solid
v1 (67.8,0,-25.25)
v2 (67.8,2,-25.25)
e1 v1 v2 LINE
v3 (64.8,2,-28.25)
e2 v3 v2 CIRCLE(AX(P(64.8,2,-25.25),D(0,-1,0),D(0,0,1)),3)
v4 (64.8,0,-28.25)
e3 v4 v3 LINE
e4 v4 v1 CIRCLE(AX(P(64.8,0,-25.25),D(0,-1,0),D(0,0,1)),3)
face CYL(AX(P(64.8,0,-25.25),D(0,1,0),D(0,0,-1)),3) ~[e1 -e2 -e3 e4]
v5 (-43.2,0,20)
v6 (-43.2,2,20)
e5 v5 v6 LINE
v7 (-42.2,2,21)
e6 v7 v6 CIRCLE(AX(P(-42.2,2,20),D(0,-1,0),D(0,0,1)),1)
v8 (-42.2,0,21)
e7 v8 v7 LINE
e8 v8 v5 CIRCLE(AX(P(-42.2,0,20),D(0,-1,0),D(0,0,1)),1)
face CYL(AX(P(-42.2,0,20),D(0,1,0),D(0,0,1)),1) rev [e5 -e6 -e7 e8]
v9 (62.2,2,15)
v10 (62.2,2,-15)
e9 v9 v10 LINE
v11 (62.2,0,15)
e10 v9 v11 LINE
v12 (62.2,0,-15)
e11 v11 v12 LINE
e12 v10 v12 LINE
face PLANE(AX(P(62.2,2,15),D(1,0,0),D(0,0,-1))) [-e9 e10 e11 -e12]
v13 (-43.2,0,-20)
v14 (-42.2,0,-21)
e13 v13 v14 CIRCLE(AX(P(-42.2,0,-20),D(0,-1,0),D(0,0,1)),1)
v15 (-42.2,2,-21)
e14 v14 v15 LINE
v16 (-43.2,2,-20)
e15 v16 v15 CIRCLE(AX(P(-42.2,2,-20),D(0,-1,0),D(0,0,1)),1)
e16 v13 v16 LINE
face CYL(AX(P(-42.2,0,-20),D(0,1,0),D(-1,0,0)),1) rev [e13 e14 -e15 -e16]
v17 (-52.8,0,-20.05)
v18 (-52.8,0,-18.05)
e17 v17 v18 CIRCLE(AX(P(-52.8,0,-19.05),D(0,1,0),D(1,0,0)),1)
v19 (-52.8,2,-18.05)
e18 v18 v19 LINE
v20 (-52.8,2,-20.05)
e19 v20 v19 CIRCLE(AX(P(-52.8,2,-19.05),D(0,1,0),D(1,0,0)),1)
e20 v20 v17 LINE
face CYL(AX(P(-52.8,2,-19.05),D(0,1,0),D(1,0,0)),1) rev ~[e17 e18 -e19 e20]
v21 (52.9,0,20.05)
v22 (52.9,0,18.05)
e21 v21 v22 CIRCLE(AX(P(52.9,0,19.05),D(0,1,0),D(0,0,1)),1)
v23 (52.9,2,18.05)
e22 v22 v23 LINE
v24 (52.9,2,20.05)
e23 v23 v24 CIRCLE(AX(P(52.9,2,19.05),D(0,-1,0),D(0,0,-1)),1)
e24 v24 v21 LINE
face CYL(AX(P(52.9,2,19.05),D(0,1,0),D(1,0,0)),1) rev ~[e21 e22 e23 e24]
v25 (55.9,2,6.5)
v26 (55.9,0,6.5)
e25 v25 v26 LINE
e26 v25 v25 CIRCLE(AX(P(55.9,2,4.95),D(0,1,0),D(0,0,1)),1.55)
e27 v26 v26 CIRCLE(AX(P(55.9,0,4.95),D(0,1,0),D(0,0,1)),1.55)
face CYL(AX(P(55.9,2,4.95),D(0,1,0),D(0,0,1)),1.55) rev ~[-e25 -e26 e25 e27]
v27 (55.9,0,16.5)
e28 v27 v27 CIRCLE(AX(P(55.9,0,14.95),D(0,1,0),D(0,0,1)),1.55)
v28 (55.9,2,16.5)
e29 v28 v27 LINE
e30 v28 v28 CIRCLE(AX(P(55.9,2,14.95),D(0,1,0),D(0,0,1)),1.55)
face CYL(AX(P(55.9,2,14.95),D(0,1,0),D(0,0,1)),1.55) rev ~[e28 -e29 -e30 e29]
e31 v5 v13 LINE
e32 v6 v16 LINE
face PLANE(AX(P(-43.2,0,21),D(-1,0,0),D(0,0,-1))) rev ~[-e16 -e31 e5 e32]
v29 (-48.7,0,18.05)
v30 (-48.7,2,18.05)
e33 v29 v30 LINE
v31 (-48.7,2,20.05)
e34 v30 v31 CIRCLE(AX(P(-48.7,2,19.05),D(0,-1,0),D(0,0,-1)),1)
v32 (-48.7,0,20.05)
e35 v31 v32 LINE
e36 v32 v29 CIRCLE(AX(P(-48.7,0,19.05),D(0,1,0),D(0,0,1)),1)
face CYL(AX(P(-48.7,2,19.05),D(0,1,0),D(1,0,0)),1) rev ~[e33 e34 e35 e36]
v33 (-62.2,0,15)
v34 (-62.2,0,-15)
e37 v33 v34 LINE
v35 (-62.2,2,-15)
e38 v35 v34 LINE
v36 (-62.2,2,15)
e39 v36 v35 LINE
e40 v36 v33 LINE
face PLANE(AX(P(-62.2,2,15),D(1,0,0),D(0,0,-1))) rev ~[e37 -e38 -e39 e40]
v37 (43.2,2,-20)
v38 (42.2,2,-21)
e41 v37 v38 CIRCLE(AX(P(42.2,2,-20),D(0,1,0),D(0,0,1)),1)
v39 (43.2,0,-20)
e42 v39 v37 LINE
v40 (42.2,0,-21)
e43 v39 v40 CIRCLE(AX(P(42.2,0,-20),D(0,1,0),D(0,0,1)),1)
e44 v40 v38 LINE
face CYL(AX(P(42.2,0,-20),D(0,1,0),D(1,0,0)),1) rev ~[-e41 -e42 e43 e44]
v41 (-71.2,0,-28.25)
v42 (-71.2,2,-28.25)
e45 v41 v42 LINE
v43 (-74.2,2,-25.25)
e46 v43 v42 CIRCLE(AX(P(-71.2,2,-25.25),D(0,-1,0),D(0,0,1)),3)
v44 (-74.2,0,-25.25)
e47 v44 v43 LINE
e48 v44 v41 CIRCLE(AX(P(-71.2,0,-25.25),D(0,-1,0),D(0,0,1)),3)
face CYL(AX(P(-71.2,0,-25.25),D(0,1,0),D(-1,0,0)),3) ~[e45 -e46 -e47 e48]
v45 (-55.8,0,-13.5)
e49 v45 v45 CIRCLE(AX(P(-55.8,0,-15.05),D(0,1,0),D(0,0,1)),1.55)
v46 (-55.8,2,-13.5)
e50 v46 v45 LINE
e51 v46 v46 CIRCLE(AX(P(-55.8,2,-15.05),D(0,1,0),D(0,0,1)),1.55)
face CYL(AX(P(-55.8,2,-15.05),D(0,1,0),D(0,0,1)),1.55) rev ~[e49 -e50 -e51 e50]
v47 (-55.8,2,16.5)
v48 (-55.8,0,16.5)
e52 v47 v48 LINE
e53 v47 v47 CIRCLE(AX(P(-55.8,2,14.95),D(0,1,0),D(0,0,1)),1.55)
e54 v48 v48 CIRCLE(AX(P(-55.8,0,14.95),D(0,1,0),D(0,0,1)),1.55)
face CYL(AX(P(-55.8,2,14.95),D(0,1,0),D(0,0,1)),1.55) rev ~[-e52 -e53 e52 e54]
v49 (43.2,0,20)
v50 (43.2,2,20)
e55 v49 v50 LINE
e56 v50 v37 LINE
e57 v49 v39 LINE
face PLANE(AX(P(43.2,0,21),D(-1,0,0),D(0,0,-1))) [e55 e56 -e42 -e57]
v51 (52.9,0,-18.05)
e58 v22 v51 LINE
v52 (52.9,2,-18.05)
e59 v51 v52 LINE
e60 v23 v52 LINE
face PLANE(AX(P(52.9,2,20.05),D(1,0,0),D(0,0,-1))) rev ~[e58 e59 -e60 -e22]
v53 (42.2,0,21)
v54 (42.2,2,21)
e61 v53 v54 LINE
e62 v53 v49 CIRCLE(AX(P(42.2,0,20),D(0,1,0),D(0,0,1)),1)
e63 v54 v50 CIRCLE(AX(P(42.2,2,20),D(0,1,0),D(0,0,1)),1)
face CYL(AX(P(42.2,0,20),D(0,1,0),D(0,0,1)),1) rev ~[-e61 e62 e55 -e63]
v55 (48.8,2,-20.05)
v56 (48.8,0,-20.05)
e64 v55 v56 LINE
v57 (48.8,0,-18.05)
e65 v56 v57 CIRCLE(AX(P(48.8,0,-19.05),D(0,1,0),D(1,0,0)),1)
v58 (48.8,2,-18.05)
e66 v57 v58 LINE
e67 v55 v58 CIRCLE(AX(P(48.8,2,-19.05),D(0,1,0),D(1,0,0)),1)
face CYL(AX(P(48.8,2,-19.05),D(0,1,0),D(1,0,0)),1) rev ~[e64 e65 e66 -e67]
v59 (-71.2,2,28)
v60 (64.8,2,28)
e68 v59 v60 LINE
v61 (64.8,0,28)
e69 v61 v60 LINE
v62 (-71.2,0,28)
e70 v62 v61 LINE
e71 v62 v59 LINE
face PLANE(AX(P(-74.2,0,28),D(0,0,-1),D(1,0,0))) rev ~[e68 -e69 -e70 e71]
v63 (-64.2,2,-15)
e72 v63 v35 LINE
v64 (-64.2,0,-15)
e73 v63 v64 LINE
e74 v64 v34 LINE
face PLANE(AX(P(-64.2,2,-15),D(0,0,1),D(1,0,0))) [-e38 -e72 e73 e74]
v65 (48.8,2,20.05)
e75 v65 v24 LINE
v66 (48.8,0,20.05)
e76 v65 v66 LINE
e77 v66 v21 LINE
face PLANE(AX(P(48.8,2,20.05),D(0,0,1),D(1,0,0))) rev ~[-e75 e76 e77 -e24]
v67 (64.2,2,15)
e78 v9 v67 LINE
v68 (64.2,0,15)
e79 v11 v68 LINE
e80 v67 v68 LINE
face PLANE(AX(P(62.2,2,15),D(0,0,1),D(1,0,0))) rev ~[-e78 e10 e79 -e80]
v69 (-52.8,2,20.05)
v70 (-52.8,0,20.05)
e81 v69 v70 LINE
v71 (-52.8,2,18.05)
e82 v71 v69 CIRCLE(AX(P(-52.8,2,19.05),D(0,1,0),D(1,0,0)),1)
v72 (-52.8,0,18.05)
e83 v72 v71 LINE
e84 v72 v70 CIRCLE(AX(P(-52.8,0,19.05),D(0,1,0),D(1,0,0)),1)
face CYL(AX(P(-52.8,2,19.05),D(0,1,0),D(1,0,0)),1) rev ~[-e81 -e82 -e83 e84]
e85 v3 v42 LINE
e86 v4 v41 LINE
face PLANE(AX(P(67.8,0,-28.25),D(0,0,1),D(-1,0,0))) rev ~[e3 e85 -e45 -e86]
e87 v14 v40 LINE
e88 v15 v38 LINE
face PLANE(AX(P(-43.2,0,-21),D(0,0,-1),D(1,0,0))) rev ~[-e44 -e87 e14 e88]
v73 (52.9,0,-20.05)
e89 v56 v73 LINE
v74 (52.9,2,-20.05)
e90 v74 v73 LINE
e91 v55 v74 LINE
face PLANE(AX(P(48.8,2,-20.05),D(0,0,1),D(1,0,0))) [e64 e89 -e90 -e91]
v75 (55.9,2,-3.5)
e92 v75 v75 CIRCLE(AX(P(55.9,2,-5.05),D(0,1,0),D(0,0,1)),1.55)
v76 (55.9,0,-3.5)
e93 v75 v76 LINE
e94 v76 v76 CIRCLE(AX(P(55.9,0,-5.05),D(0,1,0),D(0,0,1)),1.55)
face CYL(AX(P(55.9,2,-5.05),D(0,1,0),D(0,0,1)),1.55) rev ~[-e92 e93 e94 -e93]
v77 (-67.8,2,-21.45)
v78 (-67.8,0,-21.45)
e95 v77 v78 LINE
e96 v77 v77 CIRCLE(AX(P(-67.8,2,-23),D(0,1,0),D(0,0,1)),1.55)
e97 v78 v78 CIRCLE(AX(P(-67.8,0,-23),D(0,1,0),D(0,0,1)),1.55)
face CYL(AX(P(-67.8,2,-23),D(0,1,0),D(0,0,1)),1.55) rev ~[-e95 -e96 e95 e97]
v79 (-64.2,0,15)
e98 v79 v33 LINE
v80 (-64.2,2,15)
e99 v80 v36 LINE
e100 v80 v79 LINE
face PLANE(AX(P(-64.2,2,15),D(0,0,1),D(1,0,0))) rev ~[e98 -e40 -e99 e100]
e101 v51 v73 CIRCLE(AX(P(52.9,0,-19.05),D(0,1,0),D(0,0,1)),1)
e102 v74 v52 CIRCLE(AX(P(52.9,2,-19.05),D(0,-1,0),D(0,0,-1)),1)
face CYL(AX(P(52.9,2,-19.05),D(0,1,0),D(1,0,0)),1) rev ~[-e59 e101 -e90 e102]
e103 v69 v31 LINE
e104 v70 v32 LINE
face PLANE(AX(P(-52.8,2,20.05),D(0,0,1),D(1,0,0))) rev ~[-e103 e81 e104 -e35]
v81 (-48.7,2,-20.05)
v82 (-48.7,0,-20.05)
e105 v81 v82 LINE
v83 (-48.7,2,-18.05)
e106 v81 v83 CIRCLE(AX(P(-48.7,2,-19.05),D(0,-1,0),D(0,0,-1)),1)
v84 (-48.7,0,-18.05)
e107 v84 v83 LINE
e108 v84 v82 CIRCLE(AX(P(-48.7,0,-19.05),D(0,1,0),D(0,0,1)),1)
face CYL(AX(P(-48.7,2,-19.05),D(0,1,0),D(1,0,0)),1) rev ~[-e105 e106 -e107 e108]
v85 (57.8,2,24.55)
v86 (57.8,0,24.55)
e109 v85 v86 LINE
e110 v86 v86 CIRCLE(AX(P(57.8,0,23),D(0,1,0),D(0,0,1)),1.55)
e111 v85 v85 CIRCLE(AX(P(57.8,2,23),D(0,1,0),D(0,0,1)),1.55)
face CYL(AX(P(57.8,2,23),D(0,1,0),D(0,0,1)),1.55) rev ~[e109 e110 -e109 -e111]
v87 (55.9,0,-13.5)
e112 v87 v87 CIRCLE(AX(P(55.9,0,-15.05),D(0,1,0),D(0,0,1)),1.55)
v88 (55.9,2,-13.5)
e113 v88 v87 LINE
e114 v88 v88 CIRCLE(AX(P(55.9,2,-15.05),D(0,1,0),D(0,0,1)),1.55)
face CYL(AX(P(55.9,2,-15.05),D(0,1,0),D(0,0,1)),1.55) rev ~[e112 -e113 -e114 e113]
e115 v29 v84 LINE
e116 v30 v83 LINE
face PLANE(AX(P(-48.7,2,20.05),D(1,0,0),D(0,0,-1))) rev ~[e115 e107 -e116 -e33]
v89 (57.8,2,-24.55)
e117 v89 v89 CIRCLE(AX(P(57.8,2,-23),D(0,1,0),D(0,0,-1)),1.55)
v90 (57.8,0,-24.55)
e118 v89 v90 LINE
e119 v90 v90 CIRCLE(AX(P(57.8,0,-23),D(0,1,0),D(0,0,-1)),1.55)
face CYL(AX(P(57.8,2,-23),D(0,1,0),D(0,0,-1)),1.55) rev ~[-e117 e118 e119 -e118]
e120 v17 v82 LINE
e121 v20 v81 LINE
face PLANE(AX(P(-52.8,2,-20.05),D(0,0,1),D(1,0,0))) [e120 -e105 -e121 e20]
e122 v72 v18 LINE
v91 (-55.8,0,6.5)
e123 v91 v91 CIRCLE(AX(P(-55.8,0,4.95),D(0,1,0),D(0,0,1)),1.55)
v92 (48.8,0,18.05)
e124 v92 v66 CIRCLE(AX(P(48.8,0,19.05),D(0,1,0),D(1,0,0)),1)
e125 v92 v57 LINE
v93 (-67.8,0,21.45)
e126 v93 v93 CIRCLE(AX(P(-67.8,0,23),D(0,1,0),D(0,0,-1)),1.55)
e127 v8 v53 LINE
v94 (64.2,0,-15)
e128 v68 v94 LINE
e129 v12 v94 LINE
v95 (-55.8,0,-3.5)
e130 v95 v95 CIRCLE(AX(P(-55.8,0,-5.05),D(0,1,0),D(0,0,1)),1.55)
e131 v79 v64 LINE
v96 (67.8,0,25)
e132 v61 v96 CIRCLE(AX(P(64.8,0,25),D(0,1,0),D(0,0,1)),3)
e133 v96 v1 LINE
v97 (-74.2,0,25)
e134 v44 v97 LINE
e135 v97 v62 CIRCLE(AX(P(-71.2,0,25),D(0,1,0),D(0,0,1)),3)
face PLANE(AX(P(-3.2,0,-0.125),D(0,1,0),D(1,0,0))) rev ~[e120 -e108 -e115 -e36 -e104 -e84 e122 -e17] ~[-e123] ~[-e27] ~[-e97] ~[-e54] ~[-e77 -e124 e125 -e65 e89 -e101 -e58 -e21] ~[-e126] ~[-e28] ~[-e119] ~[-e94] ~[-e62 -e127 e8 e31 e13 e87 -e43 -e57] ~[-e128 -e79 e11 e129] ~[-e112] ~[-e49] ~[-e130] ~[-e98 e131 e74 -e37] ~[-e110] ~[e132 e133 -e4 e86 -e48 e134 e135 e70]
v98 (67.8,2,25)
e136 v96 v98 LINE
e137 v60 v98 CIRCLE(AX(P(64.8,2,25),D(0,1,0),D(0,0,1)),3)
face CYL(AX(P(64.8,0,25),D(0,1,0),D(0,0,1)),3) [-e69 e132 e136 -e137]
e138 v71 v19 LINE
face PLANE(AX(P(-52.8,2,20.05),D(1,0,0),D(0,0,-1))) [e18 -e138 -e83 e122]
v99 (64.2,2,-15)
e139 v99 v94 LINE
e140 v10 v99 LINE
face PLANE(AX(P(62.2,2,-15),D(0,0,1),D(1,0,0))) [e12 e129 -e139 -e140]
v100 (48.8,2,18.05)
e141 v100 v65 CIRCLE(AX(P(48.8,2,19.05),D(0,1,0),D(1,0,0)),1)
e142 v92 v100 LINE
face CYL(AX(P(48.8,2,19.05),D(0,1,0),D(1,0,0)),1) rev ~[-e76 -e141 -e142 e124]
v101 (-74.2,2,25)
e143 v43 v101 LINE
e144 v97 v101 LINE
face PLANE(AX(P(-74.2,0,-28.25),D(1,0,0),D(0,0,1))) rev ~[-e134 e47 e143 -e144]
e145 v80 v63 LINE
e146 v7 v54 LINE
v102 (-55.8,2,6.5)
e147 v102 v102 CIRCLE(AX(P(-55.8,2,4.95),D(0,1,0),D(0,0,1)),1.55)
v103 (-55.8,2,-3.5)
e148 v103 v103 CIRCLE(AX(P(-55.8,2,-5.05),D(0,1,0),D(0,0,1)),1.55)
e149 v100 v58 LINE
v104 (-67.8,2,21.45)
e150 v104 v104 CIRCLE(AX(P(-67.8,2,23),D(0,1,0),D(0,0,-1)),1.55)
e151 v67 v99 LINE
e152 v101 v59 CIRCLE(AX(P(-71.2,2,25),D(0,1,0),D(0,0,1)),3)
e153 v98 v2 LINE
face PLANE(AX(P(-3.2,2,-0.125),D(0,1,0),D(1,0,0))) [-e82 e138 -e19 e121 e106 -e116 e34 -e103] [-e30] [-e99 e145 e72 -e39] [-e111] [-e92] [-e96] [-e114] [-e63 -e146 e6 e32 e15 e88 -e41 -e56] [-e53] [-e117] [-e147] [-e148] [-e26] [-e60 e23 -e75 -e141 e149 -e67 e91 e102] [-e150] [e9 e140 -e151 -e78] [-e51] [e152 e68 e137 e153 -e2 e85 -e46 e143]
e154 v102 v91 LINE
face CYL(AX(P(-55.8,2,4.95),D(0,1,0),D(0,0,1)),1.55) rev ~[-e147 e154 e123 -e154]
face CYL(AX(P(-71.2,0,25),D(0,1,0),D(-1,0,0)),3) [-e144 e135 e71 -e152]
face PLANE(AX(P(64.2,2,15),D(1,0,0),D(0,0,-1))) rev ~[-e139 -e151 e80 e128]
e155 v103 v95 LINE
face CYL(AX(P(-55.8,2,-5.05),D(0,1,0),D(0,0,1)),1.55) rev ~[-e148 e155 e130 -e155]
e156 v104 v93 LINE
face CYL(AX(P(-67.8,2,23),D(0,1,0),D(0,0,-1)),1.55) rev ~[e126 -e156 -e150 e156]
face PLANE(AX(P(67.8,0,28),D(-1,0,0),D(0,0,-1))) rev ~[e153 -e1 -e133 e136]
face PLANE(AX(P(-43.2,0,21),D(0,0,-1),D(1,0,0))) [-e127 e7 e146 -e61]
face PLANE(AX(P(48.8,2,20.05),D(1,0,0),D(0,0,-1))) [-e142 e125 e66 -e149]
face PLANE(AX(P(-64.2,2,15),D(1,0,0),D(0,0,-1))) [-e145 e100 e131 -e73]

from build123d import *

# Parameters (mm, degrees)
SKETCH_1_W          = 86.4
SKETCH_1_H          = 42
EXTRUDE_1_DEPTH     = 2
SKETCH_2_W          = 4.1
SKETCH_2_H          = 40.1
CUT_EXTRUDE_1_DEPTH = 2
SKETCH_4_R          = 1
CUT_EXTRUDE_2_DEPTH = 2
SKETCH_5_R          = 1.55
CUT_EXTRUDE_3_DEPTH = 2
SKETCH_6_R          = 1.55
CUT_EXTRUDE_4_DEPTH = 2
SKETCH_7_W          = 2
SKETCH_7_H          = 30
CUT_EXTRUDE_5_DEPTH = 2
FILLET_1_R          = 1
FILLET_2_R          = 3


with BuildPart() as part:
    # 草图1 → 凸台-拉伸1 (new body)
    with BuildSketch(Plane(origin=(0, 0, 0), x_dir=(1, 0, 0), z_dir=(0, 1, 0))):
        Polygon((-67.2, 28.25), (-74.2, 28.25), (-74.2, -28), (-67.2, -28), (67.8, -28), (67.8, 28.25), align=None)
        Rectangle(SKETCH_1_W, SKETCH_1_H, mode=Mode.SUBTRACT)
    extrude(amount=EXTRUDE_1_DEPTH)

    # 草图2 → 切除-拉伸1 (cut)
    with BuildSketch(Plane(origin=(0, 2, 0), x_dir=(1, 0, 0), z_dir=(0, 1, 0))):
        with Locations((-50.75, 0)):
            Rectangle(SKETCH_2_W, SKETCH_2_H)
        with Locations((50.85, 0)):
            Rectangle(SKETCH_2_W, SKETCH_2_H)
    extrude(amount=-CUT_EXTRUDE_1_DEPTH, mode=Mode.SUBTRACT)

    # 草图4 → 切除-拉伸2 (cut)
    with BuildSketch(Plane(origin=(0, 2, 0), x_dir=(1, 0, 0), z_dir=(0, 1, 0))):
        with Locations((-52.8, 19.05)):
            Circle(SKETCH_4_R)
        with Locations((-48.7, 19.05)):
            Circle(SKETCH_4_R)
        with Locations((-52.8, -19.05)):
            Circle(SKETCH_4_R)
        with Locations((-48.7, -19.05)):
            Circle(SKETCH_4_R)
        with Locations((48.8, -19.05)):
            Circle(SKETCH_4_R)
        with Locations((52.9, -19.05)):
            Circle(SKETCH_4_R)
        with Locations((52.9, 19.05)):
            Circle(SKETCH_4_R)
        with Locations((48.8, 19.05)):
            Circle(SKETCH_4_R)
    extrude(amount=-CUT_EXTRUDE_2_DEPTH, mode=Mode.SUBTRACT)

    # 草图5 → 切除-拉伸3 (cut)
    with BuildSketch(Plane(origin=(0, 2, 0), x_dir=(1, 0, 0), z_dir=(0, 1, 0))):
        with Locations(Location((55.9, 15.05, 0), (0, 0, 270))):
            Circle(SKETCH_5_R)
        with Locations(Location((55.9, 5.05, 0), (0, 0, 270))):
            Circle(SKETCH_5_R)
        with Locations(Location((55.9, -4.95, 0), (0, 0, 270))):
            Circle(SKETCH_5_R)
        with Locations(Location((55.9, -14.95, 0), (0, 0, 270))):
            Circle(SKETCH_5_R)
        with Locations(Location((-55.8, 15.05, 0), (0, 0, 270))):
            Circle(SKETCH_5_R)
        with Locations(Location((-55.8, 5.05, 0), (0, 0, 270))):
            Circle(SKETCH_5_R)
        with Locations(Location((-55.8, -4.95, 0), (0, 0, 270))):
            Circle(SKETCH_5_R)
        with Locations(Location((-55.8, -14.95, 0), (0, 0, 270))):
            Circle(SKETCH_5_R)
    extrude(amount=-CUT_EXTRUDE_3_DEPTH, mode=Mode.SUBTRACT)

    # 草图6 → 切除-拉伸4 (cut)
    with BuildSketch(Plane(origin=(0, 2, 0), x_dir=(1, 0, 0), z_dir=(0, 1, 0))):
        with Locations(Location((57.8, -23, 0), (0, 0, 270))):
            Circle(SKETCH_6_R)
        with Locations(Location((57.8, 23, 0), (0, 0, 90))):
            Circle(SKETCH_6_R)
        with Locations(Location((-67.8, -23, 0), (0, 0, 90))):
            Circle(SKETCH_6_R)
        with Locations(Location((-67.8, 23, 0), (0, 0, 270))):
            Circle(SKETCH_6_R)
    extrude(amount=-CUT_EXTRUDE_4_DEPTH, mode=Mode.SUBTRACT)

    # 草图7 → 切除-拉伸5 (cut)
    with BuildSketch(Plane(origin=(0, 2, 0), x_dir=(1, 0, 0), z_dir=(0, 1, 0))):
        with Locations((-63.2, 0)):
            Rectangle(SKETCH_7_W, SKETCH_7_H)
        with Locations((63.2, 0)):
            Rectangle(SKETCH_7_W, SKETCH_7_H)
    extrude(amount=-CUT_EXTRUDE_5_DEPTH, mode=Mode.SUBTRACT)

    # 圆角1
    fillet_1_edges = [part.edges().sort_by_distance(p)[0] for p in [
        (43.2, 1, 21),
        (43.2, 1, -21),
        (-43.2, 1, -21),
        (-43.2, 1, 21),
    ]]
    fillet(fillet_1_edges, radius=FILLET_1_R)

    # 圆角2
    fillet_2_edges = [part.edges().sort_by_distance(p)[0] for p in [
        (67.8, 1, 28),
        (-74.2, 1, 28),
        (-74.2, 1, -28.25),
        (67.8, 1, -28.25),
    ]]
    fillet(fillet_2_edges, radius=FILLET_2_R)


solid = part.part
